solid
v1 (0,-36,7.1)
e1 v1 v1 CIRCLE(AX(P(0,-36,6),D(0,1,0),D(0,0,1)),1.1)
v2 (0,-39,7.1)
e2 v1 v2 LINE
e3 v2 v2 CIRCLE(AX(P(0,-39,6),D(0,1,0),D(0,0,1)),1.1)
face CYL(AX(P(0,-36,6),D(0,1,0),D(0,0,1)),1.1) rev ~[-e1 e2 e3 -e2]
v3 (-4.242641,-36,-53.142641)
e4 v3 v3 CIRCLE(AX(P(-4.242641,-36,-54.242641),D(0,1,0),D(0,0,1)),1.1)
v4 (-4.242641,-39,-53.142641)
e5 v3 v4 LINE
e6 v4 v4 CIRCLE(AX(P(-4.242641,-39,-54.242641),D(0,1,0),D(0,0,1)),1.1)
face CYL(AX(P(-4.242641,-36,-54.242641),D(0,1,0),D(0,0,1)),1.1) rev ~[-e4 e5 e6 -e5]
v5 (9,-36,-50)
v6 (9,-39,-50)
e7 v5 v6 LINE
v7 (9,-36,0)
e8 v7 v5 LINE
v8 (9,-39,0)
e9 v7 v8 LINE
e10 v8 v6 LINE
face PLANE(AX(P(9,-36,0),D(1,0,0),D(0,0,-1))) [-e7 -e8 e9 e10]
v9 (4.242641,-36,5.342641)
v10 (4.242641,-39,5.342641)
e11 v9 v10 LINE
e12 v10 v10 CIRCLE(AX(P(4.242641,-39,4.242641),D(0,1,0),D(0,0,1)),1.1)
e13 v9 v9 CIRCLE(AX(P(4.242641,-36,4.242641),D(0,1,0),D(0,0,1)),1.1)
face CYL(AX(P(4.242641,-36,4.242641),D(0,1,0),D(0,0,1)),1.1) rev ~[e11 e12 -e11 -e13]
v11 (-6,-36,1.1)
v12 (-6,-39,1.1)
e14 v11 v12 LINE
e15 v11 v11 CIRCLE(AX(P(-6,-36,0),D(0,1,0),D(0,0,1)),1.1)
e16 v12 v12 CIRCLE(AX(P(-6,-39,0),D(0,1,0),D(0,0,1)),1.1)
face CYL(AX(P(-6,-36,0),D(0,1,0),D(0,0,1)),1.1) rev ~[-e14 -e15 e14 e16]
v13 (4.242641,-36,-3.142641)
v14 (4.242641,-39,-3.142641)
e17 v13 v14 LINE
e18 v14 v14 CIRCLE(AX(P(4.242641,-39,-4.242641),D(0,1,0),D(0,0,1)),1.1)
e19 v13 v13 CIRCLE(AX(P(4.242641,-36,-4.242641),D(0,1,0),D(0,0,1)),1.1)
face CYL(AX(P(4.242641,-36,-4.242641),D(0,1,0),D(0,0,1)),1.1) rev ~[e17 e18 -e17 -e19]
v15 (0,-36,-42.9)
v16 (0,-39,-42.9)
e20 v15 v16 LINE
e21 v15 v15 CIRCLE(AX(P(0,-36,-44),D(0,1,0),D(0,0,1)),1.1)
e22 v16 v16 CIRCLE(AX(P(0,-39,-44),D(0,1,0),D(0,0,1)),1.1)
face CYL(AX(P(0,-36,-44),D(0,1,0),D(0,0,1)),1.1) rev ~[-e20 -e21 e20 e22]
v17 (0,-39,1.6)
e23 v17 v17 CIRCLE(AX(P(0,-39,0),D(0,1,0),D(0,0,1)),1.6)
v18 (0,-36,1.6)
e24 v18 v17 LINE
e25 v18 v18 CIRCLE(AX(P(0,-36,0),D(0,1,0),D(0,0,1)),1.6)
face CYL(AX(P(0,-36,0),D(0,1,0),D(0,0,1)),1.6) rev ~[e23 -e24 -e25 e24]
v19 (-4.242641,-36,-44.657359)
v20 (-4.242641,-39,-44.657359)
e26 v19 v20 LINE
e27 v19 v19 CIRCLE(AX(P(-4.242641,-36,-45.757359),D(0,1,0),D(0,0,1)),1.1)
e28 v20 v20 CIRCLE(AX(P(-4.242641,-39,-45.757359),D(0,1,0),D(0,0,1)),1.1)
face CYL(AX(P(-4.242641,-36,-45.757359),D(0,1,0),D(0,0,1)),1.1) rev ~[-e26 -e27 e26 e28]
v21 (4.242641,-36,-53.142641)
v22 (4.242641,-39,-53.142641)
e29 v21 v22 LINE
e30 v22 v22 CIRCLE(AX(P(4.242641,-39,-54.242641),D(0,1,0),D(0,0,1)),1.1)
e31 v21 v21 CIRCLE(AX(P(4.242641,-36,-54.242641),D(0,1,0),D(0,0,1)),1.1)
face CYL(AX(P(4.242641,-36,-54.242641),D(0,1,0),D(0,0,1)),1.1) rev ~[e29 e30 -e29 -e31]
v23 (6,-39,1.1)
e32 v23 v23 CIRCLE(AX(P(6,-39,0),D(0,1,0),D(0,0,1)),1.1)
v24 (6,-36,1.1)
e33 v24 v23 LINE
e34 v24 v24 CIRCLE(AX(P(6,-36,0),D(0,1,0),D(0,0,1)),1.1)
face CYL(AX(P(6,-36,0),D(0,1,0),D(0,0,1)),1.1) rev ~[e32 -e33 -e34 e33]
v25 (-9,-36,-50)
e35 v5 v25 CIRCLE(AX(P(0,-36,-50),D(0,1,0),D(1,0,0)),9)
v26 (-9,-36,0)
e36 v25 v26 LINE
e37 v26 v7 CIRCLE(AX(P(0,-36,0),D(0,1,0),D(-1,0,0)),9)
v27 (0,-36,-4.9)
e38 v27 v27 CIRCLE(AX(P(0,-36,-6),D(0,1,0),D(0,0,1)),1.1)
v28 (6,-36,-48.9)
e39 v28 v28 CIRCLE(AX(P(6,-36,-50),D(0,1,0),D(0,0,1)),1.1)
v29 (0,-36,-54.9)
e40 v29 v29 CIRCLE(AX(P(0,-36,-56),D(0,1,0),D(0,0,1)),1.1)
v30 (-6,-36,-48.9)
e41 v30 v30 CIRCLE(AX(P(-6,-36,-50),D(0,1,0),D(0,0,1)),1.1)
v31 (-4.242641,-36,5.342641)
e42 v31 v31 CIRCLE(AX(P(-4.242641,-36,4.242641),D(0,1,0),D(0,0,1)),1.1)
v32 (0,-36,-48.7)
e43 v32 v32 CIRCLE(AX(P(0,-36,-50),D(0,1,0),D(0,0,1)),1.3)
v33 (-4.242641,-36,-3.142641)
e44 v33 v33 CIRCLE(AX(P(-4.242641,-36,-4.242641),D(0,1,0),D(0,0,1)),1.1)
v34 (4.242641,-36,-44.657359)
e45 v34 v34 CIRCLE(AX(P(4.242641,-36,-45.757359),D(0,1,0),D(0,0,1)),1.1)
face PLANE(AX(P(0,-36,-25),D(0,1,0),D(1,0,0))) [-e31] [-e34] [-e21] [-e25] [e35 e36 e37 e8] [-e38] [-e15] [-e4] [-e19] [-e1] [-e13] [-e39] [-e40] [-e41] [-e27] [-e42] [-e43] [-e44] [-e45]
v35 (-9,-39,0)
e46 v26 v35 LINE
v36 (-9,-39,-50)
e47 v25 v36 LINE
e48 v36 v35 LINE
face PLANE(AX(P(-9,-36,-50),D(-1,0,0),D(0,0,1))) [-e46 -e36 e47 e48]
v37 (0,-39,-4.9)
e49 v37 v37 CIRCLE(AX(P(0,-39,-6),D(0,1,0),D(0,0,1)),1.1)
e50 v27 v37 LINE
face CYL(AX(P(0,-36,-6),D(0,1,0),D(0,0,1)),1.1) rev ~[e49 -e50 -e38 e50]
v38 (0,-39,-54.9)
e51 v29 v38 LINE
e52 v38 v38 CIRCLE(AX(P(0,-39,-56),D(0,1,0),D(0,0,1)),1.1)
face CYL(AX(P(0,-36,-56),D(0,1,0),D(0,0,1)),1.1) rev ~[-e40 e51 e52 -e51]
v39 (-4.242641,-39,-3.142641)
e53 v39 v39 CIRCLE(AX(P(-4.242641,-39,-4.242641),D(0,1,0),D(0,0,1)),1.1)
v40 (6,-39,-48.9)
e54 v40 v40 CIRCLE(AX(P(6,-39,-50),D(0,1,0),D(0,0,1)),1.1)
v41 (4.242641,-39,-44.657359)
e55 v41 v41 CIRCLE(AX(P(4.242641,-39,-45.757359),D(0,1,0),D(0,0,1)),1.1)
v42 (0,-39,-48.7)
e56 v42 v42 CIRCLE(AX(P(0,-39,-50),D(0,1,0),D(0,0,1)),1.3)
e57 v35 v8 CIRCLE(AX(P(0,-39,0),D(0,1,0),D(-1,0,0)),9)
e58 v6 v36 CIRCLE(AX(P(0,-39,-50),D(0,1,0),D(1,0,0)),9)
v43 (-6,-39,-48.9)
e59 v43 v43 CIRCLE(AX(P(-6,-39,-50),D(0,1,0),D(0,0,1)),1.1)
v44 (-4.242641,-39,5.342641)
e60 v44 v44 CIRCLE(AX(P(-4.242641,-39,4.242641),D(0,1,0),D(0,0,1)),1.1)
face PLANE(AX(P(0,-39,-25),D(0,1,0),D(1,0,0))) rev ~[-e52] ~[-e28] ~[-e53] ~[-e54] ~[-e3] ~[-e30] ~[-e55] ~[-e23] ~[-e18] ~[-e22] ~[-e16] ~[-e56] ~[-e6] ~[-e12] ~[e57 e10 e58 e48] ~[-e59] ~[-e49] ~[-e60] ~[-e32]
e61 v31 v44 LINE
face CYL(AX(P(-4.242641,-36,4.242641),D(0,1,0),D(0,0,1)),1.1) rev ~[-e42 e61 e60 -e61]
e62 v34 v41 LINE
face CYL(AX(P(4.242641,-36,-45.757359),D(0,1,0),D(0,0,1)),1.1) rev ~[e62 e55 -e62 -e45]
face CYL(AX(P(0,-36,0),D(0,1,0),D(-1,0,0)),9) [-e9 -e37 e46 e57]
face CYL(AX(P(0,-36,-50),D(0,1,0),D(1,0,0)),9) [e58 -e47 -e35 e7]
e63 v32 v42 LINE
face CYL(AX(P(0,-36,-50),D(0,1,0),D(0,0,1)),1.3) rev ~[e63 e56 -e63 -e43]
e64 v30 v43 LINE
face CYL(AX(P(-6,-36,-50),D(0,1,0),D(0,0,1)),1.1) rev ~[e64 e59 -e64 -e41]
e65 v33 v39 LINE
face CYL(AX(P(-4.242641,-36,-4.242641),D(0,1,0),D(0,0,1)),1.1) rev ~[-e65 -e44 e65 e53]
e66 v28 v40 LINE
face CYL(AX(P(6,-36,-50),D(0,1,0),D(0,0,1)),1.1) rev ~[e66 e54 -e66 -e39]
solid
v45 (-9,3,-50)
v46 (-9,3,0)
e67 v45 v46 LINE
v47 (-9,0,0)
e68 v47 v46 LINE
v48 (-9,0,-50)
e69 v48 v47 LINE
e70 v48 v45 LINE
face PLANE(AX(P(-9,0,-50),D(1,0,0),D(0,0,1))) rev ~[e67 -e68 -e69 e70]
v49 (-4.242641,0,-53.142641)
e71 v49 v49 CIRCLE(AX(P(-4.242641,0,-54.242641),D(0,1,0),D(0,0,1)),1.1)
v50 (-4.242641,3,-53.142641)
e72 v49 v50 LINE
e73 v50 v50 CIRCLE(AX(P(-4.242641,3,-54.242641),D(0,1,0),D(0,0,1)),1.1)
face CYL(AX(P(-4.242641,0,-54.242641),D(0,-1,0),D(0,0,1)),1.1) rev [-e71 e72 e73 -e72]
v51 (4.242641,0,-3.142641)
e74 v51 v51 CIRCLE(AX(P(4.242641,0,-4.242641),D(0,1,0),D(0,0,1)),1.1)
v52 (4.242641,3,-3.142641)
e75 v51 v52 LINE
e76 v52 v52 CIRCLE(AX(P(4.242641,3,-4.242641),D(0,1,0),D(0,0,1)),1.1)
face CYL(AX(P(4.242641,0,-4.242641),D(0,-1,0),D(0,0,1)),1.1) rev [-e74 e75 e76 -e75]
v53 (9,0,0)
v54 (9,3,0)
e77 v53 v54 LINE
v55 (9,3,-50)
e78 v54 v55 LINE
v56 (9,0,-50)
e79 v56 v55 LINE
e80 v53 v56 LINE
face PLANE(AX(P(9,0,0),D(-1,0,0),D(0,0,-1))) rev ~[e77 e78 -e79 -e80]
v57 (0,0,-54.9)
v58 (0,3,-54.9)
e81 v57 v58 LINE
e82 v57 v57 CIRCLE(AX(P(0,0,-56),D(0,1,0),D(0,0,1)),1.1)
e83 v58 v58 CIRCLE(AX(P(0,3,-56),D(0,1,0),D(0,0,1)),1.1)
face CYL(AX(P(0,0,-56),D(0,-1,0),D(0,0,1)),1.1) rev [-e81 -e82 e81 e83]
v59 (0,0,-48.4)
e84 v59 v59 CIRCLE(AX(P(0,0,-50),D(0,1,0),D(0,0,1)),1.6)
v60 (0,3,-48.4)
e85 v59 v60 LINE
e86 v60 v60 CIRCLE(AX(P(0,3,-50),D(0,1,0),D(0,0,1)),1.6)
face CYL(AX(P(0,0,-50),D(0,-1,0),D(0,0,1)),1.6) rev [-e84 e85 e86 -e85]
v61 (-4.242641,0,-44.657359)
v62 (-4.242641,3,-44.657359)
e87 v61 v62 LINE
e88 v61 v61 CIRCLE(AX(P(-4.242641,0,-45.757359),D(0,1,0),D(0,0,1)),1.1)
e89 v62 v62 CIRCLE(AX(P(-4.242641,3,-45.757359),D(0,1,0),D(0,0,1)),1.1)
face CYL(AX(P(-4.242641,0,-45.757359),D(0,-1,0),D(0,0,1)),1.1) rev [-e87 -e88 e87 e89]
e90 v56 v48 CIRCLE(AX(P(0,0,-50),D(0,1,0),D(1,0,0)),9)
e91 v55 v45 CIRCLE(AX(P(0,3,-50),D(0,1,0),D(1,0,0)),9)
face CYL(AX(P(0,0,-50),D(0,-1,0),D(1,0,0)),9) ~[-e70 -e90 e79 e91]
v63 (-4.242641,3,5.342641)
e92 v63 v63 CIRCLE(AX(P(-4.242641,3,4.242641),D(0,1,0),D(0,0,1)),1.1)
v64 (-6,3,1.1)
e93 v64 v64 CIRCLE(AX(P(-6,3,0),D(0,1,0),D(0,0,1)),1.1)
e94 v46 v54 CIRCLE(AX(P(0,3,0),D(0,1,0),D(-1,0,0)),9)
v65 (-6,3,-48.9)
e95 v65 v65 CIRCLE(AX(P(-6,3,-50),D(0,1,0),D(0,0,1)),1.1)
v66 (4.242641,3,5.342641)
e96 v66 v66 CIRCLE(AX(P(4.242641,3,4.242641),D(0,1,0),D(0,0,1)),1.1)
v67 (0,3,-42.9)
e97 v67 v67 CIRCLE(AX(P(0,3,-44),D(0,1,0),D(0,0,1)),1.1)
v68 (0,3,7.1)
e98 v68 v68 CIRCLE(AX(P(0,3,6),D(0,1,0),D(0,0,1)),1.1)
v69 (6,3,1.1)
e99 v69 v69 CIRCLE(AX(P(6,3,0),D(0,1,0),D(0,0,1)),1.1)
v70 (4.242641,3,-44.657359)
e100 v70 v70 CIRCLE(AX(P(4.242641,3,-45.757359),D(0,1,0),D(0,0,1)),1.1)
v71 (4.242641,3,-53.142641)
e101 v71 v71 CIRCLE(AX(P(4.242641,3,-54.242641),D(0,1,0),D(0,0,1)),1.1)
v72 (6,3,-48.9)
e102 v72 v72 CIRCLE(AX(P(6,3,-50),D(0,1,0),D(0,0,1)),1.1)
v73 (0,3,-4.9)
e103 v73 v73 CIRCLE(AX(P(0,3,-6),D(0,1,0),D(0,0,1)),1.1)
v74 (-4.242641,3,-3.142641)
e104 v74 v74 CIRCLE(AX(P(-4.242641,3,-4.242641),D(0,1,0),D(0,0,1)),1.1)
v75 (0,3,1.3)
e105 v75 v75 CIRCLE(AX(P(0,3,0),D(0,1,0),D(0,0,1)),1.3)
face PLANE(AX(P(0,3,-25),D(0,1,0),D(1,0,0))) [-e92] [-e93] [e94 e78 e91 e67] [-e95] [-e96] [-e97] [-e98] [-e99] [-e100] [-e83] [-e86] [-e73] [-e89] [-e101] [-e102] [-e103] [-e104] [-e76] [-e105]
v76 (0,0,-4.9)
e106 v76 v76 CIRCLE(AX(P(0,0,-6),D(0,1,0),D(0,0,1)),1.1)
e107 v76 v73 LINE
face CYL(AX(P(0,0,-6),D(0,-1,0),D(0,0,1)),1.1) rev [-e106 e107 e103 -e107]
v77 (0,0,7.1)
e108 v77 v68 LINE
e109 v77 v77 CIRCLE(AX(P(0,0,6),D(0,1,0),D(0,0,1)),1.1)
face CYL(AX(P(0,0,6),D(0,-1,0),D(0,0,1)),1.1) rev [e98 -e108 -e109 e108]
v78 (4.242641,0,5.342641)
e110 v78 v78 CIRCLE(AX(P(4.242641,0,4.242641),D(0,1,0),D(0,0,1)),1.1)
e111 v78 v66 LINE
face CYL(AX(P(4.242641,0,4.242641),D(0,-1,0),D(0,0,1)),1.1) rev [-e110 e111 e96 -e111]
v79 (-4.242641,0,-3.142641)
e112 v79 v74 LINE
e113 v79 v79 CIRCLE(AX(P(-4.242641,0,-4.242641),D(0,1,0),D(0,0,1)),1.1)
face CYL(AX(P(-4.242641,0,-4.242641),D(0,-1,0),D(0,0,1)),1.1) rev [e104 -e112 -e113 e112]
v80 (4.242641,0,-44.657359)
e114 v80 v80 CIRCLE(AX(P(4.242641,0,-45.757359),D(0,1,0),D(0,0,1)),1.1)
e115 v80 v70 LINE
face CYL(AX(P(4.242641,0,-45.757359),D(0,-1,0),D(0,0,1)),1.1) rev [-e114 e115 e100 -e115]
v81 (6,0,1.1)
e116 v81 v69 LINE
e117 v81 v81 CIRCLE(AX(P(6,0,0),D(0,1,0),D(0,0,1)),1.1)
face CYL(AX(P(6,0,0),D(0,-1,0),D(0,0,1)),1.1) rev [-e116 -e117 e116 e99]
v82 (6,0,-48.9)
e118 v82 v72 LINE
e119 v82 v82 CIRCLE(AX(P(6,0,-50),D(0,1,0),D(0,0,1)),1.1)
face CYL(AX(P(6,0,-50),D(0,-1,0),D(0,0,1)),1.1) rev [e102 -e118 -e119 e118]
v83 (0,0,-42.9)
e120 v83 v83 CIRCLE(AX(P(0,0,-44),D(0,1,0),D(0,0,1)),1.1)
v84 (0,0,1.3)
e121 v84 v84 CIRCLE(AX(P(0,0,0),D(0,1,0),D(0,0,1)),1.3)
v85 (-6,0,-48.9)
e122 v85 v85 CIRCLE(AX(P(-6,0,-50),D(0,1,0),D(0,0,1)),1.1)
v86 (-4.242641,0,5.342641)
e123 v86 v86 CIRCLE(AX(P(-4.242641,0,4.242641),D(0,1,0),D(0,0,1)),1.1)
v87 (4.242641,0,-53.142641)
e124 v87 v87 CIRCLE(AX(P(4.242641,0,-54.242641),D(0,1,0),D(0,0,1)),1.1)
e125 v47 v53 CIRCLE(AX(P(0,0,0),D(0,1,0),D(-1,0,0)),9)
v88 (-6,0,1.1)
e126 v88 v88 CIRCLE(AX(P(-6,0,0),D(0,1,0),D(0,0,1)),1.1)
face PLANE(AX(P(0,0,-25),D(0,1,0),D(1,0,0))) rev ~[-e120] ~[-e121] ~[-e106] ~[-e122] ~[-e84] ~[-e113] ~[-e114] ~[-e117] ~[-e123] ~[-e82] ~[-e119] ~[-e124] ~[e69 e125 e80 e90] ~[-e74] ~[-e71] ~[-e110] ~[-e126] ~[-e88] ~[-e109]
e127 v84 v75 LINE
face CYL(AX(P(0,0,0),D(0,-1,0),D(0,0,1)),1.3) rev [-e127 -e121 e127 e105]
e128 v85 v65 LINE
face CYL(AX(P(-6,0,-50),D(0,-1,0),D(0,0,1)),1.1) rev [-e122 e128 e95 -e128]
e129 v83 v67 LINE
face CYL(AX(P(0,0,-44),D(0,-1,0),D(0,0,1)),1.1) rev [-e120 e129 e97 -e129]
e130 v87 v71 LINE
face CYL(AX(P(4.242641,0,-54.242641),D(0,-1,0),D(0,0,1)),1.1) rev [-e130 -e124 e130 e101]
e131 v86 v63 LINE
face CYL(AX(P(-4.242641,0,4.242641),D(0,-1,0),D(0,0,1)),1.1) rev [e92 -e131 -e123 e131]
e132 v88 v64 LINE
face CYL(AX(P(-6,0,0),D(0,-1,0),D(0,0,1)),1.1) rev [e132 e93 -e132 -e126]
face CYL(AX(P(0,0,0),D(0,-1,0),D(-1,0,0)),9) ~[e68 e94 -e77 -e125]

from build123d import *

# Parameters (mm, degrees)
SKETCH_1_R      = 1.1
SKETCH_1_R_2    = 1.6
SKETCH_1_R_3    = 1.3
EXTRUDE_1_DEPTH = 3
SKETCH_2_R      = 1.3
SKETCH_2_R_2    = 1.1
SKETCH_2_R_3    = 1.6
EXTRUDE_2_DEPTH = 3


with BuildPart() as part:
    # ｽｹｯﾁ1 → ﾎﾞｽ - 押し出し1 (new body)
    with BuildSketch(Plane(origin=(0, 0, 0), x_dir=(1, 0, 0), z_dir=(0, 1, 0))):
        with BuildLine():
            Line((-9, 50), (-9, 0))
            ThreePointArc((-9, 0), (0, -9), (9, 0))
            Line((9, 0), (9, 50))
            ThreePointArc((9, 50), (0, 59), (-9, 50))
        make_face()
        with Locations(Location((0, 56, 0), (0, 0, 270))):
            Circle(SKETCH_1_R, mode=Mode.SUBTRACT)
        with Locations(Location((4.242640687, 54.242640687, 0), (0, 0, 270))):
            Circle(SKETCH_1_R, mode=Mode.SUBTRACT)
        with Locations(Location((6, 50, 0), (0, 0, 270))):
            Circle(SKETCH_1_R, mode=Mode.SUBTRACT)
        with Locations(Location((4.242640687, 45.757359313, 0), (0, 0, 270))):
            Circle(SKETCH_1_R, mode=Mode.SUBTRACT)
        with Locations(Location((0, 44, 0), (0, 0, 270))):
            Circle(SKETCH_1_R, mode=Mode.SUBTRACT)
        with Locations(Location((-4.242640687, 45.757359313, 0), (0, 0, 270))):
            Circle(SKETCH_1_R, mode=Mode.SUBTRACT)
        with Locations(Location((-6, 50, 0), (0, 0, 270))):
            Circle(SKETCH_1_R, mode=Mode.SUBTRACT)
        with Locations(Location((-4.242640687, 54.242640687, 0), (0, 0, 270))):
            Circle(SKETCH_1_R, mode=Mode.SUBTRACT)
        with Locations(Location((0, 50, 0), (0, 0, 270))):
            Circle(SKETCH_1_R_2, mode=Mode.SUBTRACT)
        with Locations(Location((0, 0, 0), (0, 0, 270))):
            Circle(SKETCH_1_R_3, mode=Mode.SUBTRACT)
        with Locations(Location((0, 6, 0), (0, 0, 270))):
            Circle(SKETCH_1_R, mode=Mode.SUBTRACT)
        with Locations(Location((4.242640687, 4.242640687, 0), (0, 0, 270))):
            Circle(SKETCH_1_R, mode=Mode.SUBTRACT)
        with Locations(Location((6, 0, 0), (0, 0, 270))):
            Circle(SKETCH_1_R, mode=Mode.SUBTRACT)
        with Locations(Location((4.242640687, -4.242640687, 0), (0, 0, 270))):
            Circle(SKETCH_1_R, mode=Mode.SUBTRACT)
        with Locations(Location((0, -6, 0), (0, 0, 270))):
            Circle(SKETCH_1_R, mode=Mode.SUBTRACT)
        with Locations(Location((-4.242640687, -4.242640687, 0), (0, 0, 270))):
            Circle(SKETCH_1_R, mode=Mode.SUBTRACT)
        with Locations(Location((-6, 0, 0), (0, 0, 270))):
            Circle(SKETCH_1_R, mode=Mode.SUBTRACT)
        with Locations(Location((-4.242640687, 4.242640687, 0), (0, 0, 270))):
            Circle(SKETCH_1_R, mode=Mode.SUBTRACT)
    extrude(amount=EXTRUDE_1_DEPTH)


with BuildPart() as body_2:
    # ｽｹｯﾁ2 → ﾎﾞｽ - 押し出し2 (new body)
    with BuildSketch(Plane(origin=(0, -36, 0), x_dir=(1, 0, 0), z_dir=(0, 1, 0))):
        with BuildLine():
            Line((9, 0), (9, 50))
            ThreePointArc((9, 50), (0, 59), (-9, 50))
            Line((-9, 50), (-9, 0))
            ThreePointArc((-9, 0), (0, -9), (9, 0))
        make_face()
        with Locations(Location((0, 50, 0), (0, 0, 270))):
            Circle(SKETCH_2_R, mode=Mode.SUBTRACT)
        with Locations(Location((0, 56, 0), (0, 0, 270))):
            Circle(SKETCH_2_R_2, mode=Mode.SUBTRACT)
        with Locations(Location((4.242640687, 54.242640687, 0), (0, 0, 270))):
            Circle(SKETCH_2_R_2, mode=Mode.SUBTRACT)
        with Locations(Location((6, 50, 0), (0, 0, 270))):
            Circle(SKETCH_2_R_2, mode=Mode.SUBTRACT)
        with Locations(Location((0, 0, 0), (0, 0, 270))):
            Circle(SKETCH_2_R_3, mode=Mode.SUBTRACT)
        with Locations(Location((0, 6, 0), (0, 0, 270))):
            Circle(SKETCH_2_R_2, mode=Mode.SUBTRACT)
        with Locations(Location((4.242640687, 4.242640687, 0), (0, 0, 270))):
            Circle(SKETCH_2_R_2, mode=Mode.SUBTRACT)
        with Locations(Location((6, 0, 0), (0, 0, 270))):
            Circle(SKETCH_2_R_2, mode=Mode.SUBTRACT)
        with Locations(Location((4.242640687, -4.242640687, 0), (0, 0, 270))):
            Circle(SKETCH_2_R_2, mode=Mode.SUBTRACT)
        with Locations(Location((0, -6, 0), (0, 0, 270))):
            Circle(SKETCH_2_R_2, mode=Mode.SUBTRACT)
        with Locations(Location((-4.242640687, -4.242640687, 0), (0, 0, 270))):
            Circle(SKETCH_2_R_2, mode=Mode.SUBTRACT)
        with Locations(Location((-6, 0, 0), (0, 0, 270))):
            Circle(SKETCH_2_R_2, mode=Mode.SUBTRACT)
        with Locations(Location((-4.242640687, 4.242640687, 0), (0, 0, 270))):
            Circle(SKETCH_2_R_2, mode=Mode.SUBTRACT)
        with Locations(Location((4.242640687, 45.757359313, 0), (0, 0, 270))):
            Circle(SKETCH_2_R_2, mode=Mode.SUBTRACT)
        with Locations(Location((0, 44, 0), (0, 0, 270))):
            Circle(SKETCH_2_R_2, mode=Mode.SUBTRACT)
        with Locations(Location((-4.242640687, 45.757359313, 0), (0, 0, 270))):
            Circle(SKETCH_2_R_2, mode=Mode.SUBTRACT)
        with Locations(Location((-6, 50, 0), (0, 0, 270))):
            Circle(SKETCH_2_R_2, mode=Mode.SUBTRACT)
        with Locations(Location((-4.242640687, 54.242640687, 0), (0, 0, 270))):
            Circle(SKETCH_2_R_2, mode=Mode.SUBTRACT)
    extrude(amount=-EXTRUDE_2_DEPTH)


solid = Compound([part.part, body_2.part])
